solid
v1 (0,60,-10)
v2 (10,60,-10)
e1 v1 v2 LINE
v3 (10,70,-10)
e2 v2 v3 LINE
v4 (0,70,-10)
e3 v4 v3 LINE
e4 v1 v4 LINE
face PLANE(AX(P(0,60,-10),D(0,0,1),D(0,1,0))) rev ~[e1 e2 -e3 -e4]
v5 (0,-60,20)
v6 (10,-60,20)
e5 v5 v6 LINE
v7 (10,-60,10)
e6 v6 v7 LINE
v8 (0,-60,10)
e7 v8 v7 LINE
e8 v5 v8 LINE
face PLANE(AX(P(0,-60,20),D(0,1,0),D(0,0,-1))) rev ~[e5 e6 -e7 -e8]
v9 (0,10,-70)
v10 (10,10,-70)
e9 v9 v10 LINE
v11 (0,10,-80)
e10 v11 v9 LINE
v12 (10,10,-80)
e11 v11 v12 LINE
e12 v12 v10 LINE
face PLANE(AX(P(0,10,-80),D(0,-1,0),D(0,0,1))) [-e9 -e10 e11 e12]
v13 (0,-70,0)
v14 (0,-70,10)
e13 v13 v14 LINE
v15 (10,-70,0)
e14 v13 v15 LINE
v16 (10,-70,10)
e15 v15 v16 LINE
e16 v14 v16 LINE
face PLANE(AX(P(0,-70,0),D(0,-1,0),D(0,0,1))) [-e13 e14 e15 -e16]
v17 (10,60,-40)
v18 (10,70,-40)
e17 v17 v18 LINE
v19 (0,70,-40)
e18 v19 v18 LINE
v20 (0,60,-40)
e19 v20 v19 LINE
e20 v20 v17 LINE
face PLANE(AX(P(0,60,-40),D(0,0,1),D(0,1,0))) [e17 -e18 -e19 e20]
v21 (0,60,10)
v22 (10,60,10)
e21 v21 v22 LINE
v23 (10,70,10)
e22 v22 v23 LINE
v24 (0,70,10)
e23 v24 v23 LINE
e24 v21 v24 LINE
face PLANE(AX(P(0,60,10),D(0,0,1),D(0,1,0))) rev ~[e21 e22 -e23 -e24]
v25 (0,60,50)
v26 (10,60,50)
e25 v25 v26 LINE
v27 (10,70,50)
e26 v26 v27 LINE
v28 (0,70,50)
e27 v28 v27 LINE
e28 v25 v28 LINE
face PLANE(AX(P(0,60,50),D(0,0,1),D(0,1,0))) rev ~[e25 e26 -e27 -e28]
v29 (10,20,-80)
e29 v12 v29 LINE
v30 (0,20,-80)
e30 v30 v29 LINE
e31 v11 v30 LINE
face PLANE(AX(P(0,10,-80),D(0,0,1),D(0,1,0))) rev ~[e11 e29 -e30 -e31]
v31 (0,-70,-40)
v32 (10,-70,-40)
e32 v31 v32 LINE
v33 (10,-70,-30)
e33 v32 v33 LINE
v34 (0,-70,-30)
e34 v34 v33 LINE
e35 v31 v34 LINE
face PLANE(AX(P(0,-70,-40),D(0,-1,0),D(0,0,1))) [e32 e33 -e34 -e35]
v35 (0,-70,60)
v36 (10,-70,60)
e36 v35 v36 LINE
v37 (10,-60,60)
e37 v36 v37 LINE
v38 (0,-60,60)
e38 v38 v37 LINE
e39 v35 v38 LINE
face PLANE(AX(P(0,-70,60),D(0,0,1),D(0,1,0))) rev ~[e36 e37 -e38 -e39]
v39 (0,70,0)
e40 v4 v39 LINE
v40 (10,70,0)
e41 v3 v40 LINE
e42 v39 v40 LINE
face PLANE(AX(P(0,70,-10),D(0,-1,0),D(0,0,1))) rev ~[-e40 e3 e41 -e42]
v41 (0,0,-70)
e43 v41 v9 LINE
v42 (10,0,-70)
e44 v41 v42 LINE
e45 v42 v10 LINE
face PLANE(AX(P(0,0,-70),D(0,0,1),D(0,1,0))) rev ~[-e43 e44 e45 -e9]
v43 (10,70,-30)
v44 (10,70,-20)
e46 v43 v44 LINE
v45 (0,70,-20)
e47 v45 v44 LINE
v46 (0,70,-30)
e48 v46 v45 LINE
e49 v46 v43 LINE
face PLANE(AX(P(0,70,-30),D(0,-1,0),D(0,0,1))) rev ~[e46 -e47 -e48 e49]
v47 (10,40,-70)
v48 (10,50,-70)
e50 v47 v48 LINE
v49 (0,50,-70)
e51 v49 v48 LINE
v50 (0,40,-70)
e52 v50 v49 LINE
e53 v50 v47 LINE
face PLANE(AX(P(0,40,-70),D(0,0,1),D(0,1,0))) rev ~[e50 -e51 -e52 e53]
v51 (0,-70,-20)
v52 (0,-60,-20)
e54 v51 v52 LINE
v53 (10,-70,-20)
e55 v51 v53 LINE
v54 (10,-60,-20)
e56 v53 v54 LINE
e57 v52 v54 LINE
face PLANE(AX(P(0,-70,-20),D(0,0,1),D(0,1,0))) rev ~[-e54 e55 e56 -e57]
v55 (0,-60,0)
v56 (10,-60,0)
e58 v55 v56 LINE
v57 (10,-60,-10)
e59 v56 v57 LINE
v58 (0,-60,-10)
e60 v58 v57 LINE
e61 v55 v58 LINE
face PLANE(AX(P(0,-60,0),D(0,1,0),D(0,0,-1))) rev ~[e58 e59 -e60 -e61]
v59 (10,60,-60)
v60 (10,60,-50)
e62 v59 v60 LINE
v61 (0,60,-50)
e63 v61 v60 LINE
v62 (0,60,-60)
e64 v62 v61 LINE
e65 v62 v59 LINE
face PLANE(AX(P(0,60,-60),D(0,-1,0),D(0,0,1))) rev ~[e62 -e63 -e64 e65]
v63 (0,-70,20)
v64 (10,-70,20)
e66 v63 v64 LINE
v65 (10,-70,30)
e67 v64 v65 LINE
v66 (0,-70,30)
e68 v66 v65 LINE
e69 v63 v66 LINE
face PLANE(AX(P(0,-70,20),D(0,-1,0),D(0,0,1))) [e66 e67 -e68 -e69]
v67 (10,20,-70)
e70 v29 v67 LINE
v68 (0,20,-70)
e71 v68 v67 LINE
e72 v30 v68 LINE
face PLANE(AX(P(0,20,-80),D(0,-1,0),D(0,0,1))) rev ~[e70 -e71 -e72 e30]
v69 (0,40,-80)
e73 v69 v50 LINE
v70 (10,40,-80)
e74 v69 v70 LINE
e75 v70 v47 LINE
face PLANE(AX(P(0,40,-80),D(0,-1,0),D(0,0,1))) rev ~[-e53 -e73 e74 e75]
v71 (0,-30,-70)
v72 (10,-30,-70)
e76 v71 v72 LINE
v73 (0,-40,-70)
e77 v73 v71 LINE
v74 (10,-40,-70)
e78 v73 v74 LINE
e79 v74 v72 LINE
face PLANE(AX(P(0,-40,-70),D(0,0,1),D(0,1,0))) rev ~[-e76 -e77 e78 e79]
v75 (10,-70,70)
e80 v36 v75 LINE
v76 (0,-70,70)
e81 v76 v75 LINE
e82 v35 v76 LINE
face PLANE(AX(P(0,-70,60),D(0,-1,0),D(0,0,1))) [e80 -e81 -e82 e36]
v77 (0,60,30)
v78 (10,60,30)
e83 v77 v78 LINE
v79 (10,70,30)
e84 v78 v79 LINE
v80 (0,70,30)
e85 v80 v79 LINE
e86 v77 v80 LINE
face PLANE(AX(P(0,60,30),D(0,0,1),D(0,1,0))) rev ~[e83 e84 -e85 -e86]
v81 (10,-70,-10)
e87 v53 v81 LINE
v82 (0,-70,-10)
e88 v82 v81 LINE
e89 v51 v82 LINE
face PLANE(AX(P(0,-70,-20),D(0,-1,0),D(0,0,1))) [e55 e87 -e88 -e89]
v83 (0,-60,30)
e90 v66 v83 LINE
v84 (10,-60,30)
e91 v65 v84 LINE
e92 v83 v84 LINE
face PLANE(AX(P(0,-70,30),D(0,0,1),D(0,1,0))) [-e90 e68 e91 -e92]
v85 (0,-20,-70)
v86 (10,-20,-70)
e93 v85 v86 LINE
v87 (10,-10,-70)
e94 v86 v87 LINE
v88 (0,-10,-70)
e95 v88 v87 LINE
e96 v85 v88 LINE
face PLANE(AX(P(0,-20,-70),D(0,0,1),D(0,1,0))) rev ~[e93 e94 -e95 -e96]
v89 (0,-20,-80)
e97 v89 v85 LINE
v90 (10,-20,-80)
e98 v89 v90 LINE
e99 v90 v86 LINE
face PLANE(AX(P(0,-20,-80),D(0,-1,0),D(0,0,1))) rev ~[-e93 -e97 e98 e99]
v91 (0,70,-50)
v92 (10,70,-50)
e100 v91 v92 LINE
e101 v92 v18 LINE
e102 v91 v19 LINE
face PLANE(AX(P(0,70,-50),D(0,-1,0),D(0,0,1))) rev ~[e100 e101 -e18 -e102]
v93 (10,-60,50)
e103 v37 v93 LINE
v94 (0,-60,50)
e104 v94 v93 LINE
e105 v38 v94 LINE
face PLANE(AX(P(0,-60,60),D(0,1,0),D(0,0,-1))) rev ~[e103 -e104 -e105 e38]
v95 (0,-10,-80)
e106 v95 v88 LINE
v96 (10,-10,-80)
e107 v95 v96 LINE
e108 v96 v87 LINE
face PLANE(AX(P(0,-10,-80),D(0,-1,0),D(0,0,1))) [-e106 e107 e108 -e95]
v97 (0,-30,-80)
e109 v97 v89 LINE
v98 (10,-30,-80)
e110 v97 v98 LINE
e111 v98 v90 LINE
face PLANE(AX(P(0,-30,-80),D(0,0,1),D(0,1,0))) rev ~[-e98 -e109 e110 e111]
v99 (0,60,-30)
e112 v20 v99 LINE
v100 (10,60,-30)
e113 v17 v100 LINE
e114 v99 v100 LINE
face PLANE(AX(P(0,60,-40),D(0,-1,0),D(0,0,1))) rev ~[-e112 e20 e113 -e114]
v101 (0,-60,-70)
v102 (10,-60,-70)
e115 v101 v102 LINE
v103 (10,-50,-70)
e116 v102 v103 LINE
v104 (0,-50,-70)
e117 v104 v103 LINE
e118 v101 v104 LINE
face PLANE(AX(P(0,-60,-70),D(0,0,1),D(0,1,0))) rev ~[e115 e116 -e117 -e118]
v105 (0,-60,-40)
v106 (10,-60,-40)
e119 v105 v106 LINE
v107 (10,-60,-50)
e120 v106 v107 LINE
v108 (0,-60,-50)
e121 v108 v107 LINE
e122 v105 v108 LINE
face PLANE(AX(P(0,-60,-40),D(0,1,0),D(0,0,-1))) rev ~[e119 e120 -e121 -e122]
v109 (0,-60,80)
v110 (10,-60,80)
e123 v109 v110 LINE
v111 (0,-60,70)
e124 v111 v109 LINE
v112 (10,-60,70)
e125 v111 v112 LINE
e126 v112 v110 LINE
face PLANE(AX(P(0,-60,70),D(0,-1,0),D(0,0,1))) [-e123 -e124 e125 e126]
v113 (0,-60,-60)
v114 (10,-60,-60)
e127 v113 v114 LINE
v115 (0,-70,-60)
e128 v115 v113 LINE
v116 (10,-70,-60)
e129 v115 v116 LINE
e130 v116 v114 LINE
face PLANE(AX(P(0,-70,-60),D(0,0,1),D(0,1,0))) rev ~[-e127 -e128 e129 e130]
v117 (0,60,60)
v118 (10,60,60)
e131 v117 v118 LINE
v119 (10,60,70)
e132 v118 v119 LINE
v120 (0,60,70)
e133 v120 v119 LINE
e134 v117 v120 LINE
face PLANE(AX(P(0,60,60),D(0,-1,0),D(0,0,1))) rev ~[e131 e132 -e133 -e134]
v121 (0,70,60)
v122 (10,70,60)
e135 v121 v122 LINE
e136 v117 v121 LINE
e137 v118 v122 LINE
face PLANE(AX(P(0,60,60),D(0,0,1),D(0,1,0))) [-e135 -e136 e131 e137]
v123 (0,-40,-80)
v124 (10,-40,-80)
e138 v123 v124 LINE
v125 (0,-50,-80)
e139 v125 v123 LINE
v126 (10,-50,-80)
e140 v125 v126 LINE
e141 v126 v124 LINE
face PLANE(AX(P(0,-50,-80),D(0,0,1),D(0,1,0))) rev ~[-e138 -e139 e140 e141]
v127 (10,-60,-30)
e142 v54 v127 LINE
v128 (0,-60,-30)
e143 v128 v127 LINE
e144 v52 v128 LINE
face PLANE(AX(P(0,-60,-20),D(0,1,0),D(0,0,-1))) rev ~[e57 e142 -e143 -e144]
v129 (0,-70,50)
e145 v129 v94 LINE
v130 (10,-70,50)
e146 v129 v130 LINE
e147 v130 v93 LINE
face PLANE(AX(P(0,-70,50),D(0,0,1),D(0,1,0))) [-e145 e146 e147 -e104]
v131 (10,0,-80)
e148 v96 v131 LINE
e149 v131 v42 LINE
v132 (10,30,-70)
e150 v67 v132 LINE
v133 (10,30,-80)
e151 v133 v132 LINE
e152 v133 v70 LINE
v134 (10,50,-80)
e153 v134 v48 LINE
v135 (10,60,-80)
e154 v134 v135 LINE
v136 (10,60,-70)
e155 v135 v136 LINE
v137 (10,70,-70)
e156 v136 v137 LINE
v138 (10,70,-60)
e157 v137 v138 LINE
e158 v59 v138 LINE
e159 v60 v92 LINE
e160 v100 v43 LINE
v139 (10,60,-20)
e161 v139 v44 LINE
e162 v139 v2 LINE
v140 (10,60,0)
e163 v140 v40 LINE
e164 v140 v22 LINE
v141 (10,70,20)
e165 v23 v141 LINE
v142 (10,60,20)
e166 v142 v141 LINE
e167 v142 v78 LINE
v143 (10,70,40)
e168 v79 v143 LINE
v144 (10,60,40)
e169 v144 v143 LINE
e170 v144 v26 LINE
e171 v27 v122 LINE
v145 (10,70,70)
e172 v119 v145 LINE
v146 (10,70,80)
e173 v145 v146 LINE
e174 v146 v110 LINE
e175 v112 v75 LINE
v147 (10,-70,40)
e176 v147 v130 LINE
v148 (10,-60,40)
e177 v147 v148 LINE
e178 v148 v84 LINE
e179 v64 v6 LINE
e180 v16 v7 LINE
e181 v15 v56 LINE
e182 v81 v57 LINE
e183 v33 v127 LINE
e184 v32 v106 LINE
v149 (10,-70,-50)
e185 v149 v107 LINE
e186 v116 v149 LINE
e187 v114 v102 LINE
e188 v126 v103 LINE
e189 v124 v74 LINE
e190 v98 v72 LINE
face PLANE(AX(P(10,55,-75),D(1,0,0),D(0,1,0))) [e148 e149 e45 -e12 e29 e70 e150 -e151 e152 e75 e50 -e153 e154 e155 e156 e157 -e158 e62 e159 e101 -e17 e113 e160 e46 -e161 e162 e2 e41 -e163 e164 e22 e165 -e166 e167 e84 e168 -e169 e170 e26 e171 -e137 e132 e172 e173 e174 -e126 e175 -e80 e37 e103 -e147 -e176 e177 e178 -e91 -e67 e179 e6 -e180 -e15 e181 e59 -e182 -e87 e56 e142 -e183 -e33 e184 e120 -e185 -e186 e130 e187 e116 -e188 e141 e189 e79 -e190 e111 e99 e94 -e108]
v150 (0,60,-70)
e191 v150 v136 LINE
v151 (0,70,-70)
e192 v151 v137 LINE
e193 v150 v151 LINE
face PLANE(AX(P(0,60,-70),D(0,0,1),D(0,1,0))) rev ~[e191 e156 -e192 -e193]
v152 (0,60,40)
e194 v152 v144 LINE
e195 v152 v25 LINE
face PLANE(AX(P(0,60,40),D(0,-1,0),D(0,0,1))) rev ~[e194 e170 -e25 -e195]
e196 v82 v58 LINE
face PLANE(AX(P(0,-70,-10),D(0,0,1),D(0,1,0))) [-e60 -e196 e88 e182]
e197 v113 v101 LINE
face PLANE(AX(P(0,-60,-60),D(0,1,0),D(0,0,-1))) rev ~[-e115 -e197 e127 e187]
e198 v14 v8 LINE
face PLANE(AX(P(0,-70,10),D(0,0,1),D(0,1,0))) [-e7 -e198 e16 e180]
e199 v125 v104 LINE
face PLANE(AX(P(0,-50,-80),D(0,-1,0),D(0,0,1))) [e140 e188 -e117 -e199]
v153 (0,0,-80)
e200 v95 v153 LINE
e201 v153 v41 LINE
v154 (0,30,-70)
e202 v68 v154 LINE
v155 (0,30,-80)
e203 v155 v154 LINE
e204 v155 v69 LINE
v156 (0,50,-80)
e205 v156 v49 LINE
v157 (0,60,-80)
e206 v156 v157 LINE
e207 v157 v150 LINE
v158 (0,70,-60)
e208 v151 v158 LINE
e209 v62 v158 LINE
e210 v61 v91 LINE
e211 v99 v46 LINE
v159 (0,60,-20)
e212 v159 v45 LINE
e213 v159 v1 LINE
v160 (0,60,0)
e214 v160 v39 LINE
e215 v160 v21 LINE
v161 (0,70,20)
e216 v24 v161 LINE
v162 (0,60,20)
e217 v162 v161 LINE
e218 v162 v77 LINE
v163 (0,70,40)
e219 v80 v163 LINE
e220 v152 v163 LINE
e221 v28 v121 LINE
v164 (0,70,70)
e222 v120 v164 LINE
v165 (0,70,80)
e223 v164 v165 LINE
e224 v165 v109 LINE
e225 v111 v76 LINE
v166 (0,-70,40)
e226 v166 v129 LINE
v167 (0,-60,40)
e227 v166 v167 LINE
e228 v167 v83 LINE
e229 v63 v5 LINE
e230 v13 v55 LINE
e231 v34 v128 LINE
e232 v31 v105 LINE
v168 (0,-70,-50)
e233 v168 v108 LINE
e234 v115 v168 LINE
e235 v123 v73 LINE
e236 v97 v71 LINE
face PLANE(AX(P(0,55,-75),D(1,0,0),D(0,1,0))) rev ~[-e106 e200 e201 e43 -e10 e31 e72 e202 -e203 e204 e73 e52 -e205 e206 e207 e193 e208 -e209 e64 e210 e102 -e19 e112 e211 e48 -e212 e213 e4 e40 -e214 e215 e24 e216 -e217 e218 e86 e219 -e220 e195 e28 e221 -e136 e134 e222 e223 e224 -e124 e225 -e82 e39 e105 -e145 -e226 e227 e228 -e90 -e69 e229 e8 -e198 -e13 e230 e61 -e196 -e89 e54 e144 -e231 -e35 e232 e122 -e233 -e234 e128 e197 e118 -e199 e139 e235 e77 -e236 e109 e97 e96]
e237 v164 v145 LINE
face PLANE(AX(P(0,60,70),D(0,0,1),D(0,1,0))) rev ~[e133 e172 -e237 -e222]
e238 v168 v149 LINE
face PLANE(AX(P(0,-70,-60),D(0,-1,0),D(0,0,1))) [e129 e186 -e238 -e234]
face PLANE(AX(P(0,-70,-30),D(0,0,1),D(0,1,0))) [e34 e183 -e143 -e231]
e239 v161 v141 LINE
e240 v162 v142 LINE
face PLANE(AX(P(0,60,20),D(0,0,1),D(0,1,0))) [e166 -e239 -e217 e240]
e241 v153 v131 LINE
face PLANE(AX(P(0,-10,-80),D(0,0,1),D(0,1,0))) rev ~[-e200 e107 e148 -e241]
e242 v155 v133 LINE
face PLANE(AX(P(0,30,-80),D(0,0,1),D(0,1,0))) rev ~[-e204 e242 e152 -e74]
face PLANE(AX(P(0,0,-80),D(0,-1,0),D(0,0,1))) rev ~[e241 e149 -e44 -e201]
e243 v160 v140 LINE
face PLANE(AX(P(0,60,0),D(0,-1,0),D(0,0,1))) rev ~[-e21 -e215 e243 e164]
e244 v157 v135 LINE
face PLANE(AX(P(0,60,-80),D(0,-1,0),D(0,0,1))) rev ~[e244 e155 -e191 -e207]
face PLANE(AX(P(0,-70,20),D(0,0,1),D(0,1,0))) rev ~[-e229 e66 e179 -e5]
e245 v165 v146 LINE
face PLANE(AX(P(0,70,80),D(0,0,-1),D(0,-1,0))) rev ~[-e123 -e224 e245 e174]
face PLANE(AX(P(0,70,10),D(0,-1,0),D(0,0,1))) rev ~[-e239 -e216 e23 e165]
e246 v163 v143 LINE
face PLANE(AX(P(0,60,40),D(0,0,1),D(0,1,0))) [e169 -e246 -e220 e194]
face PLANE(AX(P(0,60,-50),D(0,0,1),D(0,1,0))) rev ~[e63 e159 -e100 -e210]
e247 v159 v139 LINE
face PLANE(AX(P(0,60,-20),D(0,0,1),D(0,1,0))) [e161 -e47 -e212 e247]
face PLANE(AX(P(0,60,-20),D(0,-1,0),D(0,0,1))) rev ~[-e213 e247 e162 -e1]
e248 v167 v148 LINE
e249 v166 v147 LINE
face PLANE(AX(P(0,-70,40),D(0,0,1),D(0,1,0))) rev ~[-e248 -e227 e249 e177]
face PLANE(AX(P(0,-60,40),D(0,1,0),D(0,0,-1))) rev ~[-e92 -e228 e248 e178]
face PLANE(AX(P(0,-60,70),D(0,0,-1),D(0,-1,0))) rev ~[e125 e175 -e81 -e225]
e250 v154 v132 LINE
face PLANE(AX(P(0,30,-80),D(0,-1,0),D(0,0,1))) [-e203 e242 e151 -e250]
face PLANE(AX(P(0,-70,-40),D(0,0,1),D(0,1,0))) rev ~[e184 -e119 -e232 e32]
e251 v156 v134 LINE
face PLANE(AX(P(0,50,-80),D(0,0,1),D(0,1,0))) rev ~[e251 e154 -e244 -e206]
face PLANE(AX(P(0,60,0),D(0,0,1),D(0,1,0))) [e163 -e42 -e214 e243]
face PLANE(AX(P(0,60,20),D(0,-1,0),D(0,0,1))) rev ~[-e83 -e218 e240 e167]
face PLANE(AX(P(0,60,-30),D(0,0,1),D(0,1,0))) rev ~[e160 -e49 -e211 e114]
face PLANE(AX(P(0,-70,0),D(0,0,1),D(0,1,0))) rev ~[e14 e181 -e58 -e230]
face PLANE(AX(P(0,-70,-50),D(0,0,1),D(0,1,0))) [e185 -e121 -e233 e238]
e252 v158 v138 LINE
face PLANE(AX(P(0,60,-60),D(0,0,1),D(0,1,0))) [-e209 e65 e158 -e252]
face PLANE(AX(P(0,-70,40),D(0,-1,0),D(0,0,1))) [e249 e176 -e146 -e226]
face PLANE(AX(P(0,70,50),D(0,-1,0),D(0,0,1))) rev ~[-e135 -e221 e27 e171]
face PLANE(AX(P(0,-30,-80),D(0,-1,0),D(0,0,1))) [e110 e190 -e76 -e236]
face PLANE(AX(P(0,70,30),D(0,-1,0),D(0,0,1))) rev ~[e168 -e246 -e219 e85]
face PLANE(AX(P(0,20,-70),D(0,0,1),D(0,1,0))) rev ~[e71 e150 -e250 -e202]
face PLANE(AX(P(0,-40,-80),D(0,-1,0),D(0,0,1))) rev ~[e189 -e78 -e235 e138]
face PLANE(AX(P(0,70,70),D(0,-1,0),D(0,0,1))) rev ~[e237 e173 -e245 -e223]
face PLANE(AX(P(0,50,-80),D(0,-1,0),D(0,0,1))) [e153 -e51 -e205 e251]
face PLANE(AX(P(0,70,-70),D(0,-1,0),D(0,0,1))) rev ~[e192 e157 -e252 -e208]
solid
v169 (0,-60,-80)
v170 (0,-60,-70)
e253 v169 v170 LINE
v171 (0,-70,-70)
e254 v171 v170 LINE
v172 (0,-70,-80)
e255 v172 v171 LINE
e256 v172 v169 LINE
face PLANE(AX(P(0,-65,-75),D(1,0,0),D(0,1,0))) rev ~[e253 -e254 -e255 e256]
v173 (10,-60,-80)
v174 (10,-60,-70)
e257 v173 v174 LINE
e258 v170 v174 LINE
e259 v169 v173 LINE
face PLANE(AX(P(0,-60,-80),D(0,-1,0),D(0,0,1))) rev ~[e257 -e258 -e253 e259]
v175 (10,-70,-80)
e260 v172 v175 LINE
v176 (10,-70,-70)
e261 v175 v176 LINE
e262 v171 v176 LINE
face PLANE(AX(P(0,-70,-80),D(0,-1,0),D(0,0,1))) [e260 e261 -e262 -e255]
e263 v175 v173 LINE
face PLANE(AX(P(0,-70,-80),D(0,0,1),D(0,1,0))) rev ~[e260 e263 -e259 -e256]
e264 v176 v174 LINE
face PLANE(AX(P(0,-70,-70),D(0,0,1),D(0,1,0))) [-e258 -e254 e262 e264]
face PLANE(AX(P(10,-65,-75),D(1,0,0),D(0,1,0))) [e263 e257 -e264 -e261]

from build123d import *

# Parameters (mm, degrees)
F0_W     = 10
F0_H     = 10
F1_DEPTH = 10


with BuildPart() as f1:
    # F0 (on Right) → F1 (new body)
    with BuildSketch(Plane.YZ):
        with Locations((-65, -75)):
            Rectangle(F0_W, F0_H)
        with Locations((55, -75)):
            Rectangle(F0_W, F0_H)
        with Locations((65, -65)):
            Rectangle(F0_W, F0_H)
        Polygon((50, -70), (60, -70), (60, -60), (60, -50), (60, -40), (60, -30), (60, -20), (60, -10), (60, 0), (60, 10), (60, 20), (60, 30), (60, 40), (60, 50), (60, 60), (60, 70), (50, 70), (40, 70), (30, 70), (20, 70), (10, 70), (0, 70), (-10, 70), (-20, 70), (-30, 70), (-40, 70), (-50, 70), (-60, 70), (-60, 60), (-60, 50), (-60, 40), (-60, 30), (-60, 20), (-60, 10), (-60, 0), (-60, -10), (-60, -20), (-60, -30), (-60, -40), (-60, -50), (-60, -60), (-60, -70), (-50, -70), (-40, -70), (-30, -70), (-20, -70), (-10, -70), (0, -70), (10, -70), (20, -70), (30, -70), (40, -70), align=None)
        with Locations((35, -75)):
            Rectangle(F0_W, F0_H)
        with Locations((65, -45)):
            Rectangle(F0_W, F0_H)
        with Locations((15, -75)):
            Rectangle(F0_W, F0_H)
        with Locations((65, -25)):
            Rectangle(F0_W, F0_H)
        with Locations((-5, -75)):
            Rectangle(F0_W, F0_H)
        with Locations((65, -5)):
            Rectangle(F0_W, F0_H)
        with Locations((-25, -75)):
            Rectangle(F0_W, F0_H)
        with Locations((65, 15)):
            Rectangle(F0_W, F0_H)
        with Locations((-45, -75)):
            Rectangle(F0_W, F0_H)
        with Locations((65, 35)):
            Rectangle(F0_W, F0_H)
        with Locations((65, 55)):
            Rectangle(F0_W, F0_H)
        with Locations((-65, -55)):
            Rectangle(F0_W, F0_H)
        with Locations((55, 75)):
            Rectangle(F0_W, F0_H)
        with Locations((65, 75)):
            Rectangle(F0_W, F0_H)
        with Locations((-65, -35)):
            Rectangle(F0_W, F0_H)
        with Locations((45, 75)):
            Rectangle(F0_W, F0_H)
        with Locations((35, 75)):
            Rectangle(F0_W, F0_H)
        with Locations((-65, -15)):
            Rectangle(F0_W, F0_H)
        with Locations((25, 75)):
            Rectangle(F0_W, F0_H)
        with Locations((15, 75)):
            Rectangle(F0_W, F0_H)
        with Locations((-65, 5)):
            Rectangle(F0_W, F0_H)
        with Locations((5, 75)):
            Rectangle(F0_W, F0_H)
        with Locations((-5, 75)):
            Rectangle(F0_W, F0_H)
        with Locations((-65, 25)):
            Rectangle(F0_W, F0_H)
        with Locations((-15, 75)):
            Rectangle(F0_W, F0_H)
        with Locations((-25, 75)):
            Rectangle(F0_W, F0_H)
        with Locations((-65, 45)):
            Rectangle(F0_W, F0_H)
        with Locations((-35, 75)):
            Rectangle(F0_W, F0_H)
        with Locations((-45, 75)):
            Rectangle(F0_W, F0_H)
        with Locations((-65, 65)):
            Rectangle(F0_W, F0_H)
        with Locations((-55, 75)):
            Rectangle(F0_W, F0_H)
    extrude(amount=F1_DEPTH)


solid = f1.part
